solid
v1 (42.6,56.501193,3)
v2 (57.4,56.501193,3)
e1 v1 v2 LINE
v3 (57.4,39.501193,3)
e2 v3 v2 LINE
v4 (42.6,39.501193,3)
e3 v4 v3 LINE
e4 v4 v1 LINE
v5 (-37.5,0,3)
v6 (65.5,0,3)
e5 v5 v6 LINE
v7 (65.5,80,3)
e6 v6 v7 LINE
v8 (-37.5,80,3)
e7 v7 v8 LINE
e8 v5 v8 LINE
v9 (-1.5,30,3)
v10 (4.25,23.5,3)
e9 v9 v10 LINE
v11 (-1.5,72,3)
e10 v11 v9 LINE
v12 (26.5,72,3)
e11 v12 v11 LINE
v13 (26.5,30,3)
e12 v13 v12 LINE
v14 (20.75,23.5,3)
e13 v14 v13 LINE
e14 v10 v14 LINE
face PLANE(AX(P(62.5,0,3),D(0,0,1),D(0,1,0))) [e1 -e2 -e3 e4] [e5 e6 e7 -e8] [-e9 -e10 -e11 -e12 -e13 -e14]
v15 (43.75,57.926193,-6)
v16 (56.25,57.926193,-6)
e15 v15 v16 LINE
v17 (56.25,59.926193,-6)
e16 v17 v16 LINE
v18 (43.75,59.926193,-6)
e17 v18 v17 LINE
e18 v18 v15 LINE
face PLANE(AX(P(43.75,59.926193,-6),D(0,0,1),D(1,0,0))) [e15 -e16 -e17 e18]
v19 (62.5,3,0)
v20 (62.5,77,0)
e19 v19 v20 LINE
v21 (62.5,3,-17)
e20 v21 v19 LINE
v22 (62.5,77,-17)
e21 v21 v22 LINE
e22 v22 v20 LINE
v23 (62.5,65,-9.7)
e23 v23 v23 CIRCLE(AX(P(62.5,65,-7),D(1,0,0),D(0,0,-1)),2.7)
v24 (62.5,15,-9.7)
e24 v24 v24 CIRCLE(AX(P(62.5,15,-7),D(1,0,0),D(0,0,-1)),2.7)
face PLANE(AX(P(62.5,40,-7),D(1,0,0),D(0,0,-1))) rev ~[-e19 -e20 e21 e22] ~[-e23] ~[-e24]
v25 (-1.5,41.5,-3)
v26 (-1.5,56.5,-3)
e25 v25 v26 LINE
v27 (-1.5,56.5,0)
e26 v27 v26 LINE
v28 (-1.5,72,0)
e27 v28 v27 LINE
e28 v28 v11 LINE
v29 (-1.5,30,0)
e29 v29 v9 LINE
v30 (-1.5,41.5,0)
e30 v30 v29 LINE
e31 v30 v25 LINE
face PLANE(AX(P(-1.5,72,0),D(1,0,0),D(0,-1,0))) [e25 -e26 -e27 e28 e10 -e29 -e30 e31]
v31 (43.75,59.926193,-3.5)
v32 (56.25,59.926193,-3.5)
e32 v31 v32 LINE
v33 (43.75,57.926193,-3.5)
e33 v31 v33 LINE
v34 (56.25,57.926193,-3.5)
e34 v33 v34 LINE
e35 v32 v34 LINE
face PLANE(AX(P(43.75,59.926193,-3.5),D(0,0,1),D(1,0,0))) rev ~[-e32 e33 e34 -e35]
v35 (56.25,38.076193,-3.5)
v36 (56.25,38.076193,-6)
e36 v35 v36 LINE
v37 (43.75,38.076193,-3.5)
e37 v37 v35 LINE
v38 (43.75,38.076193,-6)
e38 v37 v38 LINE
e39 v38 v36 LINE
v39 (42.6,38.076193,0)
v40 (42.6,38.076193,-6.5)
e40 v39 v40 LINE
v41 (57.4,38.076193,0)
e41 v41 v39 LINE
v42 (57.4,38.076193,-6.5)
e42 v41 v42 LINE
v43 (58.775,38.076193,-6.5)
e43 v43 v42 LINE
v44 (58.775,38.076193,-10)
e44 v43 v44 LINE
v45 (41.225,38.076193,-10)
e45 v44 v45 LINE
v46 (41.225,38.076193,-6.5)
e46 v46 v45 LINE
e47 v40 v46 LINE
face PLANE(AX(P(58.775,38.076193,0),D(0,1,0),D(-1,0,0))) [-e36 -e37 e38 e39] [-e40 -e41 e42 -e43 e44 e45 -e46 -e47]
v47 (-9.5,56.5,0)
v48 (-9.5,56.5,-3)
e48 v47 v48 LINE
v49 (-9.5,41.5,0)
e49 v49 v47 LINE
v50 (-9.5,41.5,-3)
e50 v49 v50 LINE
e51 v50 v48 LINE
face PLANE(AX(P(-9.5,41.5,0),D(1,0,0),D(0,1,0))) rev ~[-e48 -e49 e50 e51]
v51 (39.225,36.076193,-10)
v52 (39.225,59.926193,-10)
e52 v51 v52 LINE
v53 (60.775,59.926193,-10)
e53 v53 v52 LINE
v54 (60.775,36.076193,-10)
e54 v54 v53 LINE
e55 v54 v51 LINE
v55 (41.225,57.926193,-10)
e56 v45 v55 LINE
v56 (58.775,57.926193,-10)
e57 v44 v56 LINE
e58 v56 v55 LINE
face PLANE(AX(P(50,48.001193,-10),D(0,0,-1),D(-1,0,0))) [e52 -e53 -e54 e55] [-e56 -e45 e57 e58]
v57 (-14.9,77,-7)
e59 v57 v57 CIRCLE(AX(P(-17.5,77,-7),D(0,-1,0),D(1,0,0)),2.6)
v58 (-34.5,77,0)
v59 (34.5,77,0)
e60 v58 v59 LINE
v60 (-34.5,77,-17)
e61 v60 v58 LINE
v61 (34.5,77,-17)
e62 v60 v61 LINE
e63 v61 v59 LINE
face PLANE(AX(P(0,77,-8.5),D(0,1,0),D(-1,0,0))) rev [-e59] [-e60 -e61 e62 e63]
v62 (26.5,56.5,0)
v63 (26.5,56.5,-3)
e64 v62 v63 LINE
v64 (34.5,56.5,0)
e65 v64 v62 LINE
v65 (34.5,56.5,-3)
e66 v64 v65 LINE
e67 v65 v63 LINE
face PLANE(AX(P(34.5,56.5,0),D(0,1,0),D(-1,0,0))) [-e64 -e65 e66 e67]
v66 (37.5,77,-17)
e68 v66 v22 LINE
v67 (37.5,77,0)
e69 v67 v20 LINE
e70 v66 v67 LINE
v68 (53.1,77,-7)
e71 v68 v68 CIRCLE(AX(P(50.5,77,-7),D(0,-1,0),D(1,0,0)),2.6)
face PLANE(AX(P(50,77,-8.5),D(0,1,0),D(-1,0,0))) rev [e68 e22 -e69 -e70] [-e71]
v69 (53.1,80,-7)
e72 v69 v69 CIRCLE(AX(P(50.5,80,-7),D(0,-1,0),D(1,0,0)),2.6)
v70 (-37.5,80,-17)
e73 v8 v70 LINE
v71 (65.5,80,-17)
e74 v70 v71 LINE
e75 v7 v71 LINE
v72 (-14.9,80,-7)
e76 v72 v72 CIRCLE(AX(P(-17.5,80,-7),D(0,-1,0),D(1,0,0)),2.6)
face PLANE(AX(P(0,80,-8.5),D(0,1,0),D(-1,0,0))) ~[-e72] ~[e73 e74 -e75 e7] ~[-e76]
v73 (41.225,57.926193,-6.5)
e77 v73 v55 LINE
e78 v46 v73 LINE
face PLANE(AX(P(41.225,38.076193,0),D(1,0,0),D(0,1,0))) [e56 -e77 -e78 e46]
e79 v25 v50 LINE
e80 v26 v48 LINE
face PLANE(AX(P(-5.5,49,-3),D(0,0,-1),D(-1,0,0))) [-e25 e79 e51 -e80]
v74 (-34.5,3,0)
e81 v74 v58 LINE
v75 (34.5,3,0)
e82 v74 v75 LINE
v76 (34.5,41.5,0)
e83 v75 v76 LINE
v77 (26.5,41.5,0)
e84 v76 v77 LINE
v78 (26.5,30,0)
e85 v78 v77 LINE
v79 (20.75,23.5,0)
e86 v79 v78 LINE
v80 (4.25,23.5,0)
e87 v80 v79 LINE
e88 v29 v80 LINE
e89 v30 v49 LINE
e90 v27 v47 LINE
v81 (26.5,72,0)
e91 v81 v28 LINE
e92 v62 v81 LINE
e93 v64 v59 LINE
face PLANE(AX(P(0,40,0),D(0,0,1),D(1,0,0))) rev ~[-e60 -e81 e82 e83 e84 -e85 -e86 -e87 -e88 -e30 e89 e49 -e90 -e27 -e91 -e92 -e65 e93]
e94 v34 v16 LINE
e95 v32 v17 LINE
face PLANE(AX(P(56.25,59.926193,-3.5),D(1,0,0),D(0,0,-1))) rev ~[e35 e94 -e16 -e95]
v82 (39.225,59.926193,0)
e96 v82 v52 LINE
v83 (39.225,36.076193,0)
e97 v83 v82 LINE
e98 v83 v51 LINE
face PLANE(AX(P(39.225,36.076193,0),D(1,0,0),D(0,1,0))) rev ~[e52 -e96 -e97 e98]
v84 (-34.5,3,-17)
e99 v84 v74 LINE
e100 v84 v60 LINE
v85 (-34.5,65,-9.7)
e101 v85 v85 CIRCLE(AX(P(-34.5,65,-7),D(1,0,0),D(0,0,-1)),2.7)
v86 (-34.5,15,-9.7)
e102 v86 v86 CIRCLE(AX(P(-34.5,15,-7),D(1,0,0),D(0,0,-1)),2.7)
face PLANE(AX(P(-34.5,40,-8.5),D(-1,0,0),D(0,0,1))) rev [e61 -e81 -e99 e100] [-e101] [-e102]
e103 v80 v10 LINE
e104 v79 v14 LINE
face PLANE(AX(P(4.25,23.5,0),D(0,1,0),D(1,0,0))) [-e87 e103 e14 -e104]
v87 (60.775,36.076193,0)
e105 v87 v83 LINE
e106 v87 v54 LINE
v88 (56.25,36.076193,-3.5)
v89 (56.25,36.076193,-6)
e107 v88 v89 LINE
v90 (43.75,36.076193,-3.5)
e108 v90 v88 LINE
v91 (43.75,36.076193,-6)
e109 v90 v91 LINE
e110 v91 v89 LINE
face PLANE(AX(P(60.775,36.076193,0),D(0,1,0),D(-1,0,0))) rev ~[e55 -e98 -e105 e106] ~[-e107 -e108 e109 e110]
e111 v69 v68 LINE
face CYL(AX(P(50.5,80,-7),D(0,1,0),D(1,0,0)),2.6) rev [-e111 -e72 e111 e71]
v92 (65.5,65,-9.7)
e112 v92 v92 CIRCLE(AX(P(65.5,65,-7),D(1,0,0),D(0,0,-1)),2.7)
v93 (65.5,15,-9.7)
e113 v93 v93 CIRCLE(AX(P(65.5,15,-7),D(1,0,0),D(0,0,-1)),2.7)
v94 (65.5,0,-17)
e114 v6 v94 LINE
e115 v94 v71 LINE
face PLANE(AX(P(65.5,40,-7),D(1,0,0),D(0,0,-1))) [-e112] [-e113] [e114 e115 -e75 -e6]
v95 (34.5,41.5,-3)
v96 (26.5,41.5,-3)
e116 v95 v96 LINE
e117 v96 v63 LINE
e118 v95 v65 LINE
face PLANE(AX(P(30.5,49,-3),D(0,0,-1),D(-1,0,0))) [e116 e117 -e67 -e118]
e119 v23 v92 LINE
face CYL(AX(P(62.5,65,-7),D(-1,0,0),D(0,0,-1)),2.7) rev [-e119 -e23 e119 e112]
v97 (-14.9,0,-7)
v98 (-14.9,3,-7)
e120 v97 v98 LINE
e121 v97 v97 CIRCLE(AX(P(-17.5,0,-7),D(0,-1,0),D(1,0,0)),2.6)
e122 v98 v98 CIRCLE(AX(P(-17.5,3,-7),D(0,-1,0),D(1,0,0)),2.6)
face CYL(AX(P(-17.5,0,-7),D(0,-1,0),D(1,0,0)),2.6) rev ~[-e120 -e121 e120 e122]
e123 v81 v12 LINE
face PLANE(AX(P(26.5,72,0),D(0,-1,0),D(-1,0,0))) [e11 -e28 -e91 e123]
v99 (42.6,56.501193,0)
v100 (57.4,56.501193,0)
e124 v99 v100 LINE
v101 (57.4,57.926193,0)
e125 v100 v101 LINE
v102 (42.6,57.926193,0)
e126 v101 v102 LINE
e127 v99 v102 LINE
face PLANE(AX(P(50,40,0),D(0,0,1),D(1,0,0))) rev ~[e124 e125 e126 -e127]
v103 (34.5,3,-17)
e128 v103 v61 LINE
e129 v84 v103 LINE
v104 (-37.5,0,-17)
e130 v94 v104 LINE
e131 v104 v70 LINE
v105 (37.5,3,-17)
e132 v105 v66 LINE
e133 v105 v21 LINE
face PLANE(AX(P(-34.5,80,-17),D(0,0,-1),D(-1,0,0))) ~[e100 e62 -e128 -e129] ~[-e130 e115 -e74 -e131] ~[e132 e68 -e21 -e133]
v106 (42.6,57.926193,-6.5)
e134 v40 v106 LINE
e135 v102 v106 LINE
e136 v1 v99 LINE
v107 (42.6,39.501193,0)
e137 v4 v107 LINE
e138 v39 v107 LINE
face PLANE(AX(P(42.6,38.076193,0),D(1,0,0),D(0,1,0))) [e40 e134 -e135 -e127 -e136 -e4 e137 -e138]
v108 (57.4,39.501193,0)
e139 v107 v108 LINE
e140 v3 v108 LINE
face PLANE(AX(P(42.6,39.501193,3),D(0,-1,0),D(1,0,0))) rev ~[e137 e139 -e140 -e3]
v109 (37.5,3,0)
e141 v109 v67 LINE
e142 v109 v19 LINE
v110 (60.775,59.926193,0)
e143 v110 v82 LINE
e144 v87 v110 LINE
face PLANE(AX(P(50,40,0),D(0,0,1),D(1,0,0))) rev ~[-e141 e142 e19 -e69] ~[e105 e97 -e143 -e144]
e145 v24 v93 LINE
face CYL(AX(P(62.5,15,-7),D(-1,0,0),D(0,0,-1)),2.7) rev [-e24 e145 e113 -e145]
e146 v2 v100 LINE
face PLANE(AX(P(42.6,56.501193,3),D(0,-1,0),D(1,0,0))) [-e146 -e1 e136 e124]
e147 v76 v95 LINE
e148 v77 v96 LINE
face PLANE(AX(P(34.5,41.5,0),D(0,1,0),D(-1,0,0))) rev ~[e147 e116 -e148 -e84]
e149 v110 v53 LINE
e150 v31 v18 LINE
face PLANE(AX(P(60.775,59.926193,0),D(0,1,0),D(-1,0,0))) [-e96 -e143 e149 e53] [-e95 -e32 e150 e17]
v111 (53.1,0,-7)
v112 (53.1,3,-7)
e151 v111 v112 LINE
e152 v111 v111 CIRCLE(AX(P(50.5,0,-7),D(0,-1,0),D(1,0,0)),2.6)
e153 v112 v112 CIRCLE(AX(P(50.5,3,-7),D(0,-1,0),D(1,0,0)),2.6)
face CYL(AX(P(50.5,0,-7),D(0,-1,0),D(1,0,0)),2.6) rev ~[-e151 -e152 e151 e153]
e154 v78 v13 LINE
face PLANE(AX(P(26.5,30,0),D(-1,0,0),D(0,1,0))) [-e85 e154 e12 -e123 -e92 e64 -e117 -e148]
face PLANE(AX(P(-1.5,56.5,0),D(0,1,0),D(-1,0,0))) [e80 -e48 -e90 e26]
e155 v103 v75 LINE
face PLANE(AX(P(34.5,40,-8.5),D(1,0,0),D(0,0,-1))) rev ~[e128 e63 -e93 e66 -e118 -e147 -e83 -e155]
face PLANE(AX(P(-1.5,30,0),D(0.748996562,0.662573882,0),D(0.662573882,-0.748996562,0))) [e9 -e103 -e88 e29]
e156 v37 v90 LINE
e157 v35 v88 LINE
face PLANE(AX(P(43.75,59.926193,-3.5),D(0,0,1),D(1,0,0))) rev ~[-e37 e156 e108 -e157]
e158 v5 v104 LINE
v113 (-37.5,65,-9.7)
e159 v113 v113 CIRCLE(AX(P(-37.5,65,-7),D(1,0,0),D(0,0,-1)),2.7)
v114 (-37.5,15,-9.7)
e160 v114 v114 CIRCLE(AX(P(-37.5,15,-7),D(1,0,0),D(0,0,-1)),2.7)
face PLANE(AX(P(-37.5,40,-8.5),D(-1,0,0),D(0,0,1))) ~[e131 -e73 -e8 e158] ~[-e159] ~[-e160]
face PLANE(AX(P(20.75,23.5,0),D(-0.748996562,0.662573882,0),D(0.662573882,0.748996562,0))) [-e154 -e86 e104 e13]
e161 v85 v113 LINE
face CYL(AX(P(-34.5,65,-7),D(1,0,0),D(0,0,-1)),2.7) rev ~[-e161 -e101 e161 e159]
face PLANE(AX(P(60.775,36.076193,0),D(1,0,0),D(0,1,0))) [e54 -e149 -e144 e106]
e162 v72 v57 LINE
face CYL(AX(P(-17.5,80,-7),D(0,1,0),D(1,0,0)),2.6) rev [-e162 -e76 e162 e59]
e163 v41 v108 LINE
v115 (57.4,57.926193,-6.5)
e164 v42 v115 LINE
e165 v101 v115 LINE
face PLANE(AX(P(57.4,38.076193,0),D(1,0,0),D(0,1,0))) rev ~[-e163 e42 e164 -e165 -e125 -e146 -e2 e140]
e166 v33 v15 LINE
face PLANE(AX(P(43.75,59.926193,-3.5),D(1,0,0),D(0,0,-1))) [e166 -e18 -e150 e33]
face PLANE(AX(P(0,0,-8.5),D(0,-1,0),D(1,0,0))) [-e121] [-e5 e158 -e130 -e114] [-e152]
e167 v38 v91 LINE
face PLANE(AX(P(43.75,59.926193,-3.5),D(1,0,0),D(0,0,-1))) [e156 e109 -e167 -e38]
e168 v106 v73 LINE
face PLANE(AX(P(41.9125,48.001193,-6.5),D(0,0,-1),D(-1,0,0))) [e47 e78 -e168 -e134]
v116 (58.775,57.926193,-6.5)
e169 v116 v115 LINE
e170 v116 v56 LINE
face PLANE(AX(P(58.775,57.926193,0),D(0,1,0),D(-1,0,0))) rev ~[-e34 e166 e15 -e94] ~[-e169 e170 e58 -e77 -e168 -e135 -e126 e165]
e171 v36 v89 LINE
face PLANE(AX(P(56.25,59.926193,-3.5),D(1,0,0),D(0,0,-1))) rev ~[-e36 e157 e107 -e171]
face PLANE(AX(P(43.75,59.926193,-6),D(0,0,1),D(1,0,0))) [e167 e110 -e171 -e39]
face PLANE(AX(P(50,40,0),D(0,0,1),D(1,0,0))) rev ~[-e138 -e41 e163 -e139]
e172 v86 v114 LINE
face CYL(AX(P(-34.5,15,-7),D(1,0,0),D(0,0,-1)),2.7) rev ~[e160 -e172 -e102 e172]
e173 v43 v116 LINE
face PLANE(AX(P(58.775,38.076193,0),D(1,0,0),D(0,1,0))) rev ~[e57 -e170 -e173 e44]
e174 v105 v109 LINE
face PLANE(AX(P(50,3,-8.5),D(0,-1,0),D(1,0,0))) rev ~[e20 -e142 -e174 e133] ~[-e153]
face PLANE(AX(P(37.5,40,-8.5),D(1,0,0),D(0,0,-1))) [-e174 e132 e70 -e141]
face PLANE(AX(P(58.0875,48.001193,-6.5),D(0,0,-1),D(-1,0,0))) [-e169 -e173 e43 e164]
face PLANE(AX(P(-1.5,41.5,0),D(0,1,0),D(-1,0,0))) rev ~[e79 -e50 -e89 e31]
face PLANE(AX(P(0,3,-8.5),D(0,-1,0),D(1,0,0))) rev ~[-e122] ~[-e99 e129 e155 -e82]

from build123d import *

# Parameters (mm, degrees)
SKETCH1_W           = 75
SKETCH1_H           = 80
BOSS_EXTRUDE1_DEPTH = 3
SKETCH2_W           = 17
SKETCH2_H           = 80
BOSS_EXTRUDE2_DEPTH = 3
SKETCH7_W           = 25
SKETCH7_H           = 80
SKETCH7_W_2         = 14.8
SKETCH7_H_2         = 17
BOSS_EXTRUDE6_DEPTH = 3
SKETCH8_W           = 21.55
SKETCH8_H           = 23.85
SKETCH8_W_2         = 17.55
SKETCH8_H_2         = 19.85
BOSS_EXTRUDE7_DEPTH = 10
SKETCH9_W           = 12.5
SKETCH9_H           = 2.5
CUT_EXTRUDE3_DEPTH  = 23.85
SKETCH10_W          = 1.375
SKETCH10_H          = 19.85
BOSS_EXTRUDE8_DEPTH = 6.5
SKETCH11_W          = 20
SKETCH11_H          = 80
SKETCH11_R          = 2.7
BOSS_EXTRUDE9_DEPTH = 3
SKETCH3_W           = 8
SKETCH3_H           = 15
BOSS_EXTRUDE3_DEPTH = 3
SKETCH5_W           = 69
SKETCH5_H           = 17
SKETCH5_R           = 2.6
SKETCH5_W_2         = 25
BOSS_EXTRUDE4_DEPTH = 3
SKETCH21_R          = 2.7
CUT_EXTRUDE5_DEPTH  = 3


with BuildPart() as part:
    # Sketch1 → Boss-Extrude1 (new body)
    with BuildSketch(Plane.XY):
        with Locations((0, 40)):
            Rectangle(SKETCH1_W, SKETCH1_H)
        Polygon((4.25, 23.5), (20.75, 23.5), (26.5, 30), (26.5, 72), (-1.5, 72), (-1.5, 30), align=None, mode=Mode.SUBTRACT)
    extrude(amount=BOSS_EXTRUDE1_DEPTH)

    # Sketch2 → Boss-Extrude2 (add)
    with BuildSketch(Plane(origin=(37.5, 0, 0), x_dir=(0, 0, -1), z_dir=(1, 0, 0))):
        with Locations((8.5, 40)):
            Rectangle(SKETCH2_W, SKETCH2_H)
    boss_extrude2 = extrude(amount=-BOSS_EXTRUDE2_DEPTH)

    # Mirror1: Boss-Extrude2 across plane
    add(boss_extrude2.mirror(Plane(origin=(0, 0, 0), x_dir=(0, 0, 1), z_dir=(1, 0, 0))))

    # Sketch7 → Boss-Extrude6 (add)
    with BuildSketch(Plane.XY.offset(3)):
        with Locations((50, 40)):
            Rectangle(SKETCH7_W, SKETCH7_H)
        with Locations((50, 48.001193432)):
            Rectangle(SKETCH7_W_2, SKETCH7_H_2, mode=Mode.SUBTRACT)
    extrude(amount=-BOSS_EXTRUDE6_DEPTH)

    # Sketch8 → Boss-Extrude7 (add)
    with BuildSketch(Plane(origin=(0, 0, 0), x_dir=(-1, 0, 0), z_dir=(0, 0, -1))):
        with Locations((-50, 48.001193432)):
            Rectangle(SKETCH8_W, SKETCH8_H)
        with Locations((-50, 48.001193432)):
            Rectangle(SKETCH8_W_2, SKETCH8_H_2, mode=Mode.SUBTRACT)
    extrude(amount=BOSS_EXTRUDE7_DEPTH)

    # Sketch9 → Cut-Extrude3 (cut)
    with BuildSketch(Plane(origin=(0, 59.926193432, 0), x_dir=(1, 0, 0), z_dir=(0, 1, 0))):
        with Locations((50, 4.75)):
            Rectangle(SKETCH9_W, SKETCH9_H)
    extrude(amount=-CUT_EXTRUDE3_DEPTH, mode=Mode.SUBTRACT)

    # Sketch10 → Boss-Extrude8 (add)
    with BuildSketch(Plane(origin=(0, 0, 0), x_dir=(-1, 0, 0), z_dir=(0, 0, -1))):
        with Locations((-41.9125, 48.001193432)):
            Rectangle(SKETCH10_W, SKETCH10_H)
        with Locations((-58.0875, 48.001193432)):
            Rectangle(SKETCH10_W, SKETCH10_H)
    extrude(amount=BOSS_EXTRUDE8_DEPTH)

    # Sketch11 → Boss-Extrude9 (add)
    with BuildSketch(Plane(origin=(62.5, 0, 0), x_dir=(0, 0, -1), z_dir=(1, 0, 0))):
        with Locations((7, 40)):
            Rectangle(SKETCH11_W, SKETCH11_H)
        with Locations((7, 15)):
            Circle(SKETCH11_R, mode=Mode.SUBTRACT)
        with Locations((7, 65)):
            Circle(SKETCH11_R, mode=Mode.SUBTRACT)
    extrude(amount=BOSS_EXTRUDE9_DEPTH)

    # Sketch3 → Boss-Extrude3 (add)
    with BuildSketch(Plane(origin=(0, 0, 0), x_dir=(-1, 0, 0), z_dir=(0, 0, -1))):
        with Locations((-30.5, 49)):
            Rectangle(SKETCH3_W, SKETCH3_H)
        with Locations((5.5, 49)):
            Rectangle(SKETCH3_W, SKETCH3_H)
    extrude(amount=BOSS_EXTRUDE3_DEPTH)

    # Sketch5 → Boss-Extrude4 (add)
    with BuildSketch(Plane.XZ):
        with Locations((0, -8.5)):
            Rectangle(SKETCH5_W, SKETCH5_H)
        with Locations((-17.5, -7)):
            Circle(SKETCH5_R, mode=Mode.SUBTRACT)
        with Locations((50, -8.5)):
            Rectangle(SKETCH5_W_2, SKETCH5_H)
        with Locations((50.5, -7)):
            Circle(SKETCH5_R, mode=Mode.SUBTRACT)
    boss_extrude4 = extrude(amount=-BOSS_EXTRUDE4_DEPTH)

    # Mirror2: Boss-Extrude4 across plane
    add(boss_extrude4.mirror(Plane(origin=(0, 40, 0), x_dir=(0, 0, 1), z_dir=(0, -1, 0))))

    # Sketch21 → Cut-Extrude5 (cut)
    with BuildSketch(Plane(origin=(-34.5, 0, 0), x_dir=(0, 0, -1), z_dir=(1, 0, 0))):
        with Locations((7, 15)):
            Circle(SKETCH21_R)
        with Locations((7, 65)):
            Circle(SKETCH21_R)
    extrude(amount=-CUT_EXTRUDE5_DEPTH, mode=Mode.SUBTRACT)


solid = part.part
